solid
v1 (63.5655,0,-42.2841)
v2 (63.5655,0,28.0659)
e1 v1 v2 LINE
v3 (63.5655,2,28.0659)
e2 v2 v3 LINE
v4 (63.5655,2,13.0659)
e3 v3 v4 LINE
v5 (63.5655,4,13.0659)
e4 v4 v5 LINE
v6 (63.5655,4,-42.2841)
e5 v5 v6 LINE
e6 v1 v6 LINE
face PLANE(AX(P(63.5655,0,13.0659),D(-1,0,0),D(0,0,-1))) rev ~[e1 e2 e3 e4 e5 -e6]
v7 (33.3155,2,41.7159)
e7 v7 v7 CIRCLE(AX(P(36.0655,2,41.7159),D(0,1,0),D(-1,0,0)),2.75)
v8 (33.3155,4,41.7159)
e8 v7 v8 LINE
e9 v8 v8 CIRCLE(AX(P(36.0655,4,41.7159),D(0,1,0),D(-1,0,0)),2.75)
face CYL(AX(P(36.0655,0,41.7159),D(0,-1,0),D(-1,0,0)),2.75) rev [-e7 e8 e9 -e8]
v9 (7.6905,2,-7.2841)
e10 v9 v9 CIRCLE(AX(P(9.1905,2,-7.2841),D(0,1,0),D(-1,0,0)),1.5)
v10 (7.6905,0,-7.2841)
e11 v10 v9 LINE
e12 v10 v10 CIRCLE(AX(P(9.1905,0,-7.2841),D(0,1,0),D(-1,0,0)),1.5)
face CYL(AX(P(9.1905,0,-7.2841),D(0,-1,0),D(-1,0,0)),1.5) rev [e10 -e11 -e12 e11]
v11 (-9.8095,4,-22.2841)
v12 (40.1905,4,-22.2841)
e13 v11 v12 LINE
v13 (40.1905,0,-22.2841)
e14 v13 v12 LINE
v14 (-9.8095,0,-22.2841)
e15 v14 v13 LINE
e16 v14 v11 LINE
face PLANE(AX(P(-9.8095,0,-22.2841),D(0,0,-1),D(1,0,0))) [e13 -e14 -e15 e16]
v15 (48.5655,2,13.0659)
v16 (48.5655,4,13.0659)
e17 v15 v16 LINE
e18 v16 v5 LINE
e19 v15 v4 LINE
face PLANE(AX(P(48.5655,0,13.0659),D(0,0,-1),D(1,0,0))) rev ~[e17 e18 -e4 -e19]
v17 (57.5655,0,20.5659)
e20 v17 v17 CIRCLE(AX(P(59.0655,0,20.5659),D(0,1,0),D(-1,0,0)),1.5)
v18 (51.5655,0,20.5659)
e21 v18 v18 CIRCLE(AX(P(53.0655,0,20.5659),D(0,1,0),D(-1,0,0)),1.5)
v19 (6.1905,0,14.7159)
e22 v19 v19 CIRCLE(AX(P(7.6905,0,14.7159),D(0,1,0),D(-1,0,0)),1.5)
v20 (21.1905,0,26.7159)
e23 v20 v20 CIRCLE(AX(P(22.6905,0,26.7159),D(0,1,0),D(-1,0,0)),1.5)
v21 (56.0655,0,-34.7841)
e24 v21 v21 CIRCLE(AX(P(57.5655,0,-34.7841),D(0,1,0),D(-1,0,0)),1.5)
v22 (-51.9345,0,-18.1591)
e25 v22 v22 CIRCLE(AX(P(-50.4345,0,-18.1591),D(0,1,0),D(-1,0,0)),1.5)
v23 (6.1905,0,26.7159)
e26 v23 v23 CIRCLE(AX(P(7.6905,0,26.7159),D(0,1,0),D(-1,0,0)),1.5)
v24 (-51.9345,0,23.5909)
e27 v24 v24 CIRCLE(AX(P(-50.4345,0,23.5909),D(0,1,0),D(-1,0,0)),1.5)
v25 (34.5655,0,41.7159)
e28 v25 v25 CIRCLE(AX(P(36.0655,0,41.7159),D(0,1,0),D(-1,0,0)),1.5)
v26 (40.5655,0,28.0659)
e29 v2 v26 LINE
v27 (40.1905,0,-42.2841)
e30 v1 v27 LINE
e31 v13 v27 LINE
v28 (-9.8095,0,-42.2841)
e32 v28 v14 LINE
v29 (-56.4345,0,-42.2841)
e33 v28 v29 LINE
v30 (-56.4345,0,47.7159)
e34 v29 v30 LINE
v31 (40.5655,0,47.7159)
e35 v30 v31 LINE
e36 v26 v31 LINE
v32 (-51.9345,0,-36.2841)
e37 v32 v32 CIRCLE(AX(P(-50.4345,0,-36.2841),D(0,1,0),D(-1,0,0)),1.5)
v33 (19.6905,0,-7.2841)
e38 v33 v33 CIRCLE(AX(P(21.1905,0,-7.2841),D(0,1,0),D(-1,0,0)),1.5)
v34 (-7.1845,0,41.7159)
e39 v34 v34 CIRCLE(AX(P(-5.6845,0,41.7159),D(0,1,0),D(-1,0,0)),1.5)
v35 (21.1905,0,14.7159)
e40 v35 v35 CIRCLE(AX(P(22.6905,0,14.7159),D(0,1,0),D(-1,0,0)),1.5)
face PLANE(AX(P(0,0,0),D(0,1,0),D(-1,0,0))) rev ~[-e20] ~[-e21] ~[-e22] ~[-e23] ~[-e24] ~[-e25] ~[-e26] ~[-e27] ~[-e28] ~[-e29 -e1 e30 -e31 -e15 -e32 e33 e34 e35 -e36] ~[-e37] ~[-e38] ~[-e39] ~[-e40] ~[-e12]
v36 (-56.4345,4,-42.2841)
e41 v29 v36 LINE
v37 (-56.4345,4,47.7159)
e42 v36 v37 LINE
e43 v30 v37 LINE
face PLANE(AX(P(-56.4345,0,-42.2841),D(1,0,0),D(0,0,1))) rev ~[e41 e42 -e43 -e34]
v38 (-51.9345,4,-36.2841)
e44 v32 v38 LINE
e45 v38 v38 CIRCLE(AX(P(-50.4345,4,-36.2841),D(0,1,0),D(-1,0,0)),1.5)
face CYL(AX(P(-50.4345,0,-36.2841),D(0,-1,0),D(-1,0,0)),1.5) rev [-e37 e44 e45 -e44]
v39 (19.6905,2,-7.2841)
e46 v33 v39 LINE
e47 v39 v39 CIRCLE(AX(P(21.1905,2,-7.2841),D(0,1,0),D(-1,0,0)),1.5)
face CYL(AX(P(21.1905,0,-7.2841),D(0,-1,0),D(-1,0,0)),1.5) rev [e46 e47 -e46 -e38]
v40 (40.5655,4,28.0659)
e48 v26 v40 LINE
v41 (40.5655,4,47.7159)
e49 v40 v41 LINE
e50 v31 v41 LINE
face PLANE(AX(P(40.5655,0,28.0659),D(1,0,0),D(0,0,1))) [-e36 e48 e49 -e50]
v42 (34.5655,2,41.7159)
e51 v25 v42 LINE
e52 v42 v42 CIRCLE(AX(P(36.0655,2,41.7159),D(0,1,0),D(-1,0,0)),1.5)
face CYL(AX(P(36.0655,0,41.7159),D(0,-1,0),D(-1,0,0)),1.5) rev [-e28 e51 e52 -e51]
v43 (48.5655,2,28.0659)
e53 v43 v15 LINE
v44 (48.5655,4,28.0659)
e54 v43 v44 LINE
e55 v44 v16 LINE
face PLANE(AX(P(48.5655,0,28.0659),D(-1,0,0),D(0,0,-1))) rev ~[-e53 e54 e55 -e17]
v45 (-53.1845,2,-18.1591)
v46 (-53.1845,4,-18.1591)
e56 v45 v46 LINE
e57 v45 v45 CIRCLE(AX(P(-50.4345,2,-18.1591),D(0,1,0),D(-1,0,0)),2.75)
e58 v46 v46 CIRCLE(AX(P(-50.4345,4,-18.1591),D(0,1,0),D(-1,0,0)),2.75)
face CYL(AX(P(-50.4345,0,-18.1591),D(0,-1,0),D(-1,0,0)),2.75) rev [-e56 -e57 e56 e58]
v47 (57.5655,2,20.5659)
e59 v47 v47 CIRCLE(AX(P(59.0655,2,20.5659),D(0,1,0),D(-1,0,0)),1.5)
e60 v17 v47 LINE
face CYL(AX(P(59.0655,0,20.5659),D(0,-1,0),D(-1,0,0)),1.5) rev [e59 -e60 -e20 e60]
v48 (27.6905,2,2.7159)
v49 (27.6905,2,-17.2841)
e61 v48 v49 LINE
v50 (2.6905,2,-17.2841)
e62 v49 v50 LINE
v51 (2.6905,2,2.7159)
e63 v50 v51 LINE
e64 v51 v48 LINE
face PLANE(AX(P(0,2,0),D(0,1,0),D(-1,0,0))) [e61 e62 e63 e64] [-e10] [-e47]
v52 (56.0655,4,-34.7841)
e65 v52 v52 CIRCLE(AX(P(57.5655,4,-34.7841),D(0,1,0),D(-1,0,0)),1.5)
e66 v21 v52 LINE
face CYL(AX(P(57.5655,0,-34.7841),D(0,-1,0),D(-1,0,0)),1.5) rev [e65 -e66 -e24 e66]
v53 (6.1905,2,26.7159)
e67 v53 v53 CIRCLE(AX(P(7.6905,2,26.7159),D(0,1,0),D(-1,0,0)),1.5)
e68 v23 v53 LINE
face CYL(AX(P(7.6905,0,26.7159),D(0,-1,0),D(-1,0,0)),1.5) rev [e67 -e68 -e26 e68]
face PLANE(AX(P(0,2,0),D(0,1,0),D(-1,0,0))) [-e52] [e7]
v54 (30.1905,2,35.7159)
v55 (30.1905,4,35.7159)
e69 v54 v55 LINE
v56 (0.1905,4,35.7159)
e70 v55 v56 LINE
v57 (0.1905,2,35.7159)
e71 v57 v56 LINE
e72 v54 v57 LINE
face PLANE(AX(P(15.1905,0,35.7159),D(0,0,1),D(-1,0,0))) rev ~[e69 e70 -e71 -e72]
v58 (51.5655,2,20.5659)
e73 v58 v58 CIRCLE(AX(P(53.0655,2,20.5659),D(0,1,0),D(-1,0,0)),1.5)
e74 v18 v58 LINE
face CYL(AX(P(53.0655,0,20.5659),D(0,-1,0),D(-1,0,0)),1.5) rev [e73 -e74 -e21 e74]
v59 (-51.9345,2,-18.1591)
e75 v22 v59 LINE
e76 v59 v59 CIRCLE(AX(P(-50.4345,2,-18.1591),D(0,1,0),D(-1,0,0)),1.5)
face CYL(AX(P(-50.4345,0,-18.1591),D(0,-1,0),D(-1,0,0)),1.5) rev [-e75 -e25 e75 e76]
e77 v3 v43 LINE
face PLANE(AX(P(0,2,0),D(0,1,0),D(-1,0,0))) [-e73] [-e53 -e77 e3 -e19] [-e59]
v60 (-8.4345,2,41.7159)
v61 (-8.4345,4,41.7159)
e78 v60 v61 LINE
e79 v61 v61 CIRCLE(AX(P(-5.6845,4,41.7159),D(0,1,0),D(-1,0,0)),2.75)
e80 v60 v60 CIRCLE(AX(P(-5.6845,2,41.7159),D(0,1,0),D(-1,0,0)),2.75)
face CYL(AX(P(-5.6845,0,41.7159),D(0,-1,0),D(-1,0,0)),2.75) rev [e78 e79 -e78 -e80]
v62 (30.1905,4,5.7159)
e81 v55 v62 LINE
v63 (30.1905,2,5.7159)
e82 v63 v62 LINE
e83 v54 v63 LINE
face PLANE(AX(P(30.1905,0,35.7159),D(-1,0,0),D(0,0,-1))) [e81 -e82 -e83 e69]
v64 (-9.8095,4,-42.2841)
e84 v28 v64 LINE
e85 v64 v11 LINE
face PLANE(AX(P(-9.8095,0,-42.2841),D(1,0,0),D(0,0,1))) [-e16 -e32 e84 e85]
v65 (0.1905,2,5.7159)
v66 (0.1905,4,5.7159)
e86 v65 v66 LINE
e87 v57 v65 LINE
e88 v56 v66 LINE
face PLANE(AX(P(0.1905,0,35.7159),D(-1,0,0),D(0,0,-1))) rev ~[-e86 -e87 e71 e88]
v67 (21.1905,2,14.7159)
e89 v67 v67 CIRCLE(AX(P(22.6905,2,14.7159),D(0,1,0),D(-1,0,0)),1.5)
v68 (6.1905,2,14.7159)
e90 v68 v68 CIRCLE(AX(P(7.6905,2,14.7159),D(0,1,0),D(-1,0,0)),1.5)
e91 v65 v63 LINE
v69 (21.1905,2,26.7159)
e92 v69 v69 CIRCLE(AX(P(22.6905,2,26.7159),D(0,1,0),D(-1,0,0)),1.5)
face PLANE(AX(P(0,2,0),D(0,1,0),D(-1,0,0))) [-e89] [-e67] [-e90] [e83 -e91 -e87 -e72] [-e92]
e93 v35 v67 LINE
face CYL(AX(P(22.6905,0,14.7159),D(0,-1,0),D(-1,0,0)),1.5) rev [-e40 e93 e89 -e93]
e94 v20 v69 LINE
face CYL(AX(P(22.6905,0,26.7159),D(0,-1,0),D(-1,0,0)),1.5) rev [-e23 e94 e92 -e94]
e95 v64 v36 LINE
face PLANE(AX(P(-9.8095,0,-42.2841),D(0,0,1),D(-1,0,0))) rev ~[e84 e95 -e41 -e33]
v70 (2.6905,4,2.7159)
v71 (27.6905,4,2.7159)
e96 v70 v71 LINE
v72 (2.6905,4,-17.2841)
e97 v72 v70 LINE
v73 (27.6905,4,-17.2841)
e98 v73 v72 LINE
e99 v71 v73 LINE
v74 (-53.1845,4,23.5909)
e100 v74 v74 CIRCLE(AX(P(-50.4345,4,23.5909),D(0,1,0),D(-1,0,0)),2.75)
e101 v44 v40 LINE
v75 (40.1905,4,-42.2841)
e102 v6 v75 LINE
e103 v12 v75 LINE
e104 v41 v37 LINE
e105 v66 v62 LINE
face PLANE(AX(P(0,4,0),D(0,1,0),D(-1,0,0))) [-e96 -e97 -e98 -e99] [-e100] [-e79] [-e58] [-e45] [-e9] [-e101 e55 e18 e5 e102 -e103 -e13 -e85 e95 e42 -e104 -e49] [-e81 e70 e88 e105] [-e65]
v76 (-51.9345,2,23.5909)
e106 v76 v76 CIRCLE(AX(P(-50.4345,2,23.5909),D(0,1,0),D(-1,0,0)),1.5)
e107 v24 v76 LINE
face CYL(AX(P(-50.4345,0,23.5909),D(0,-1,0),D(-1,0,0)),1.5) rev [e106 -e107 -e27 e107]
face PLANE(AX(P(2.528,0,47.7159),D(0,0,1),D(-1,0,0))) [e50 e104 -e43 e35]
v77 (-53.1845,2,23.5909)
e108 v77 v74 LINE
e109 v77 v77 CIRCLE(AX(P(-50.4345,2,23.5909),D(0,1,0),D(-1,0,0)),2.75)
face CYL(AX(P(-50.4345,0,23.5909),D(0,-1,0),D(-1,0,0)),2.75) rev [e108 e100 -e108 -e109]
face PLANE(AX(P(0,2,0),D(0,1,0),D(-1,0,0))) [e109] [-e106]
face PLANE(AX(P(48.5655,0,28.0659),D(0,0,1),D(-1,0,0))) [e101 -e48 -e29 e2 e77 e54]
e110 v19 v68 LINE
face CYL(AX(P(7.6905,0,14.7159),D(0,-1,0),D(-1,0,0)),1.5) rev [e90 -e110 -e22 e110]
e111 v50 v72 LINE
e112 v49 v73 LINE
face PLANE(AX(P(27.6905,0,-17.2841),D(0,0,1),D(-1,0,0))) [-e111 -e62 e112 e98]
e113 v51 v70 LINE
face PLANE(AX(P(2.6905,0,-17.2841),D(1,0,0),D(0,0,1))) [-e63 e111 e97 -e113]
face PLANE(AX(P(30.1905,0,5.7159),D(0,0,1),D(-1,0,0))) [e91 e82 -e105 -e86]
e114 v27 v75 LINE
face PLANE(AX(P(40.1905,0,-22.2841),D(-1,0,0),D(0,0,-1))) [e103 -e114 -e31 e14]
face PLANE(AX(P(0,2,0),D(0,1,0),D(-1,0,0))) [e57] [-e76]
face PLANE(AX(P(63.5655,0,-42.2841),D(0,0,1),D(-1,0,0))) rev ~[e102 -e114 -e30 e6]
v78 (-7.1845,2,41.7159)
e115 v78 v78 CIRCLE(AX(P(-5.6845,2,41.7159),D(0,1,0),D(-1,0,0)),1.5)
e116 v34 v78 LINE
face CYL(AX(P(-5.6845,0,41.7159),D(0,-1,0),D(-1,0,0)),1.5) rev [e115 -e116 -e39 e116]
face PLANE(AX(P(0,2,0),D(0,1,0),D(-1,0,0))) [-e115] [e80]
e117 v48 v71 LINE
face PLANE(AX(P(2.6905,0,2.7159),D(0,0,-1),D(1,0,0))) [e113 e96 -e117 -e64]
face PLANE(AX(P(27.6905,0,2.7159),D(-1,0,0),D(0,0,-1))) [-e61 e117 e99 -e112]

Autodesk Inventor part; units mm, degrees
ref_plane "YZ Plane" through (0, 0, 0) normal (1, 0, 0) x (0, 1, 0)
ref_plane "XZ Plane" through (0, 0, 0) normal (0, 1, 0) x (-1, 0, 0)
ref_plane "XY Plane" through (0, 0, 0) normal (0, 0, 1) x (1, 0, 0)
sketch "Sketch1" plane through (0, 0, 0) normal (0, 1, 0) x (-1, 0, 0)
  circle A0 centre (-7.6905, 26.7159) radius 1.5
  circle A1 centre (-7.6905, 14.7159) radius 1.5
  line L0 (-0.1905, 5.7159) -> (-15.1905, 5.7159)
  line L1 (-15.1905, 35.7159) -> (-0.1905, 35.7159)
  line L2 (-15.1905, 5.7159) -> (-15.1905, 35.7159)
  circle A2 centre (5.6845, 41.7159) radius 1.5
  circle A3 centre (5.6845, 41.7159) radius 2.75
  line L3 (-2.528, 47.7159) -> (7.472, 47.7159)
  circle A4 centre (50.4345, -18.1591) radius 2.75
  circle A5 centre (50.4345, -36.2841) radius 1.5
  line L4 (9.8095, -42.2841) -> (9.8095, -22.2841)
  circle A6 centre (50.4345, -18.1591) radius 1.5
  line L5 (-0.1905, 35.7159) -> (-0.1905, 5.7159)
  line L6 (56.4345, 47.7159) -> (7.472, 47.7159)
  circle A7 centre (50.4345, 23.5909) radius 1.5
  line L7 (56.4345, -42.2841) -> (56.4345, 47.7159)
  line L8 (42.1595, 2.7159) -> (61.2095, 2.7159) construction
  circle A8 centre (50.4345, 23.5909) radius 2.75
  line L9 (-15.1905, 35.7159) -> (-30.1905, 35.7159)
  line L10 (-63.5655, 30.7159) -> (-63.5655, 47.7159)
  line L11 (-63.5655, 47.7159) -> (-48.5655, 47.7159)
  line L12 (-2.528, 47.7159) -> (-63.5655, 47.7159)
  circle A9 centre (-36.0655, 41.7159) radius 1.5
  circle A10 centre (-36.0655, 41.7159) radius 2.75
  circle A11 centre (-21.1905, -7.2841) radius 1.5
  line L13 (-27.6905, 2.7159) -> (-27.6905, -17.2841)
  circle A12 centre (-57.5655, -34.7841) radius 1.5
  line L14 (-2.6905, 2.7159) -> (-27.6905, 2.7159)
  circle A13 centre (-9.1905, -7.2841) radius 1.5
  line L15 (-2.6905, -17.2841) -> (-2.6905, 2.7159)
  line L16 (-27.6905, -17.2841) -> (-2.6905, -17.2841)
  line L17 (-63.5655, 47.7159) -> (-63.5655, -42.2841)
  line L18 (9.8095, -22.2841) -> (-40.1905, -22.2841)
  line L19 (-40.1905, -22.2841) -> (-40.1905, -42.2841)
  line L20 (-40.1905, -42.2841) -> (9.8095, -42.2841)
  line L21 (-63.5655, -42.2841) -> (56.4345, -42.2841)
  line L22 (-63.5655, 28.0659) -> (-48.5655, 28.0659)
  circle A14 centre (-22.6905, 26.7159) radius 1.5
  circle A15 centre (-53.0655, 20.5659) radius 1.5
  circle A16 centre (-59.0655, 20.5659) radius 1.5
  circle A17 centre (-53.0655, 20.5659) radius 2.5
  circle A18 centre (-22.6905, 14.7159) radius 1.5
  line L23 (-15.1905, 5.7159) -> (-15.1905, 35.7159)
  line L24 (-30.1905, 5.7159) -> (-15.1905, 5.7159)
  line L25 (-48.5655, 28.0659) -> (-48.5655, 13.0659)
  line L26 (-30.1905, 35.7159) -> (-30.1905, 5.7159)
  circle A19 centre (-59.0655, 20.5659) radius 2.5
  line L27 (-48.5655, 13.0659) -> (-63.5655, 13.0659)
  line L28 (-63.5655, 13.0659) -> (-63.5655, 28.0659)
  line L29 (-15.1905, 2.7159) -> (-15.1905, 34.925) construction
  line L30 (-48.5655, 28.0659) -> (-40.5655, 28.0659)
  line L31 (-40.5655, 28.0659) -> (-40.5655, 47.7159)
  point P0 (0, 0)
  point P1 (5.1035, 21.0043)
  point P2 (5.6845, 35.7159)
  point P3 (2.472, 2.7159)
  point P4 (-36.0655, 35.7159)
  point P5 (-2.6905, -7.2841)
  point P6 (-43.5655, 47.7159)
  dimension "d4" = 12
  dimension "d5" = 7.5
  dimension "d6" = 12
  dimension "d7" = 9
  dimension "d8" = 0
  dimension "d10" = 0
  dimension "d12" = 8
  dimension "d13" = 5.5
  dimension "d14" = 5.5
  dimension "d15" = 5.5
  dimension "d16" = 5.5
extrude "Extrusion1" add sketch "Sketch1" along normal blind 4 contours L3 L6 L7 L21 L4 L18 L19 L17 L27 L25 L30 L31 L12
extrude "Extrusion2" add sketch "Sketch1" along normal blind 2 contours L0 L2 L1 L5 | L24 L26 L9 L2 | A3 | L25 L27 L17 L22 | A4 | A8 | A10 | L14 L15 L16 L13 | A17 | A19
properties part number "Casis Kanan Bawah_3DPrint"
